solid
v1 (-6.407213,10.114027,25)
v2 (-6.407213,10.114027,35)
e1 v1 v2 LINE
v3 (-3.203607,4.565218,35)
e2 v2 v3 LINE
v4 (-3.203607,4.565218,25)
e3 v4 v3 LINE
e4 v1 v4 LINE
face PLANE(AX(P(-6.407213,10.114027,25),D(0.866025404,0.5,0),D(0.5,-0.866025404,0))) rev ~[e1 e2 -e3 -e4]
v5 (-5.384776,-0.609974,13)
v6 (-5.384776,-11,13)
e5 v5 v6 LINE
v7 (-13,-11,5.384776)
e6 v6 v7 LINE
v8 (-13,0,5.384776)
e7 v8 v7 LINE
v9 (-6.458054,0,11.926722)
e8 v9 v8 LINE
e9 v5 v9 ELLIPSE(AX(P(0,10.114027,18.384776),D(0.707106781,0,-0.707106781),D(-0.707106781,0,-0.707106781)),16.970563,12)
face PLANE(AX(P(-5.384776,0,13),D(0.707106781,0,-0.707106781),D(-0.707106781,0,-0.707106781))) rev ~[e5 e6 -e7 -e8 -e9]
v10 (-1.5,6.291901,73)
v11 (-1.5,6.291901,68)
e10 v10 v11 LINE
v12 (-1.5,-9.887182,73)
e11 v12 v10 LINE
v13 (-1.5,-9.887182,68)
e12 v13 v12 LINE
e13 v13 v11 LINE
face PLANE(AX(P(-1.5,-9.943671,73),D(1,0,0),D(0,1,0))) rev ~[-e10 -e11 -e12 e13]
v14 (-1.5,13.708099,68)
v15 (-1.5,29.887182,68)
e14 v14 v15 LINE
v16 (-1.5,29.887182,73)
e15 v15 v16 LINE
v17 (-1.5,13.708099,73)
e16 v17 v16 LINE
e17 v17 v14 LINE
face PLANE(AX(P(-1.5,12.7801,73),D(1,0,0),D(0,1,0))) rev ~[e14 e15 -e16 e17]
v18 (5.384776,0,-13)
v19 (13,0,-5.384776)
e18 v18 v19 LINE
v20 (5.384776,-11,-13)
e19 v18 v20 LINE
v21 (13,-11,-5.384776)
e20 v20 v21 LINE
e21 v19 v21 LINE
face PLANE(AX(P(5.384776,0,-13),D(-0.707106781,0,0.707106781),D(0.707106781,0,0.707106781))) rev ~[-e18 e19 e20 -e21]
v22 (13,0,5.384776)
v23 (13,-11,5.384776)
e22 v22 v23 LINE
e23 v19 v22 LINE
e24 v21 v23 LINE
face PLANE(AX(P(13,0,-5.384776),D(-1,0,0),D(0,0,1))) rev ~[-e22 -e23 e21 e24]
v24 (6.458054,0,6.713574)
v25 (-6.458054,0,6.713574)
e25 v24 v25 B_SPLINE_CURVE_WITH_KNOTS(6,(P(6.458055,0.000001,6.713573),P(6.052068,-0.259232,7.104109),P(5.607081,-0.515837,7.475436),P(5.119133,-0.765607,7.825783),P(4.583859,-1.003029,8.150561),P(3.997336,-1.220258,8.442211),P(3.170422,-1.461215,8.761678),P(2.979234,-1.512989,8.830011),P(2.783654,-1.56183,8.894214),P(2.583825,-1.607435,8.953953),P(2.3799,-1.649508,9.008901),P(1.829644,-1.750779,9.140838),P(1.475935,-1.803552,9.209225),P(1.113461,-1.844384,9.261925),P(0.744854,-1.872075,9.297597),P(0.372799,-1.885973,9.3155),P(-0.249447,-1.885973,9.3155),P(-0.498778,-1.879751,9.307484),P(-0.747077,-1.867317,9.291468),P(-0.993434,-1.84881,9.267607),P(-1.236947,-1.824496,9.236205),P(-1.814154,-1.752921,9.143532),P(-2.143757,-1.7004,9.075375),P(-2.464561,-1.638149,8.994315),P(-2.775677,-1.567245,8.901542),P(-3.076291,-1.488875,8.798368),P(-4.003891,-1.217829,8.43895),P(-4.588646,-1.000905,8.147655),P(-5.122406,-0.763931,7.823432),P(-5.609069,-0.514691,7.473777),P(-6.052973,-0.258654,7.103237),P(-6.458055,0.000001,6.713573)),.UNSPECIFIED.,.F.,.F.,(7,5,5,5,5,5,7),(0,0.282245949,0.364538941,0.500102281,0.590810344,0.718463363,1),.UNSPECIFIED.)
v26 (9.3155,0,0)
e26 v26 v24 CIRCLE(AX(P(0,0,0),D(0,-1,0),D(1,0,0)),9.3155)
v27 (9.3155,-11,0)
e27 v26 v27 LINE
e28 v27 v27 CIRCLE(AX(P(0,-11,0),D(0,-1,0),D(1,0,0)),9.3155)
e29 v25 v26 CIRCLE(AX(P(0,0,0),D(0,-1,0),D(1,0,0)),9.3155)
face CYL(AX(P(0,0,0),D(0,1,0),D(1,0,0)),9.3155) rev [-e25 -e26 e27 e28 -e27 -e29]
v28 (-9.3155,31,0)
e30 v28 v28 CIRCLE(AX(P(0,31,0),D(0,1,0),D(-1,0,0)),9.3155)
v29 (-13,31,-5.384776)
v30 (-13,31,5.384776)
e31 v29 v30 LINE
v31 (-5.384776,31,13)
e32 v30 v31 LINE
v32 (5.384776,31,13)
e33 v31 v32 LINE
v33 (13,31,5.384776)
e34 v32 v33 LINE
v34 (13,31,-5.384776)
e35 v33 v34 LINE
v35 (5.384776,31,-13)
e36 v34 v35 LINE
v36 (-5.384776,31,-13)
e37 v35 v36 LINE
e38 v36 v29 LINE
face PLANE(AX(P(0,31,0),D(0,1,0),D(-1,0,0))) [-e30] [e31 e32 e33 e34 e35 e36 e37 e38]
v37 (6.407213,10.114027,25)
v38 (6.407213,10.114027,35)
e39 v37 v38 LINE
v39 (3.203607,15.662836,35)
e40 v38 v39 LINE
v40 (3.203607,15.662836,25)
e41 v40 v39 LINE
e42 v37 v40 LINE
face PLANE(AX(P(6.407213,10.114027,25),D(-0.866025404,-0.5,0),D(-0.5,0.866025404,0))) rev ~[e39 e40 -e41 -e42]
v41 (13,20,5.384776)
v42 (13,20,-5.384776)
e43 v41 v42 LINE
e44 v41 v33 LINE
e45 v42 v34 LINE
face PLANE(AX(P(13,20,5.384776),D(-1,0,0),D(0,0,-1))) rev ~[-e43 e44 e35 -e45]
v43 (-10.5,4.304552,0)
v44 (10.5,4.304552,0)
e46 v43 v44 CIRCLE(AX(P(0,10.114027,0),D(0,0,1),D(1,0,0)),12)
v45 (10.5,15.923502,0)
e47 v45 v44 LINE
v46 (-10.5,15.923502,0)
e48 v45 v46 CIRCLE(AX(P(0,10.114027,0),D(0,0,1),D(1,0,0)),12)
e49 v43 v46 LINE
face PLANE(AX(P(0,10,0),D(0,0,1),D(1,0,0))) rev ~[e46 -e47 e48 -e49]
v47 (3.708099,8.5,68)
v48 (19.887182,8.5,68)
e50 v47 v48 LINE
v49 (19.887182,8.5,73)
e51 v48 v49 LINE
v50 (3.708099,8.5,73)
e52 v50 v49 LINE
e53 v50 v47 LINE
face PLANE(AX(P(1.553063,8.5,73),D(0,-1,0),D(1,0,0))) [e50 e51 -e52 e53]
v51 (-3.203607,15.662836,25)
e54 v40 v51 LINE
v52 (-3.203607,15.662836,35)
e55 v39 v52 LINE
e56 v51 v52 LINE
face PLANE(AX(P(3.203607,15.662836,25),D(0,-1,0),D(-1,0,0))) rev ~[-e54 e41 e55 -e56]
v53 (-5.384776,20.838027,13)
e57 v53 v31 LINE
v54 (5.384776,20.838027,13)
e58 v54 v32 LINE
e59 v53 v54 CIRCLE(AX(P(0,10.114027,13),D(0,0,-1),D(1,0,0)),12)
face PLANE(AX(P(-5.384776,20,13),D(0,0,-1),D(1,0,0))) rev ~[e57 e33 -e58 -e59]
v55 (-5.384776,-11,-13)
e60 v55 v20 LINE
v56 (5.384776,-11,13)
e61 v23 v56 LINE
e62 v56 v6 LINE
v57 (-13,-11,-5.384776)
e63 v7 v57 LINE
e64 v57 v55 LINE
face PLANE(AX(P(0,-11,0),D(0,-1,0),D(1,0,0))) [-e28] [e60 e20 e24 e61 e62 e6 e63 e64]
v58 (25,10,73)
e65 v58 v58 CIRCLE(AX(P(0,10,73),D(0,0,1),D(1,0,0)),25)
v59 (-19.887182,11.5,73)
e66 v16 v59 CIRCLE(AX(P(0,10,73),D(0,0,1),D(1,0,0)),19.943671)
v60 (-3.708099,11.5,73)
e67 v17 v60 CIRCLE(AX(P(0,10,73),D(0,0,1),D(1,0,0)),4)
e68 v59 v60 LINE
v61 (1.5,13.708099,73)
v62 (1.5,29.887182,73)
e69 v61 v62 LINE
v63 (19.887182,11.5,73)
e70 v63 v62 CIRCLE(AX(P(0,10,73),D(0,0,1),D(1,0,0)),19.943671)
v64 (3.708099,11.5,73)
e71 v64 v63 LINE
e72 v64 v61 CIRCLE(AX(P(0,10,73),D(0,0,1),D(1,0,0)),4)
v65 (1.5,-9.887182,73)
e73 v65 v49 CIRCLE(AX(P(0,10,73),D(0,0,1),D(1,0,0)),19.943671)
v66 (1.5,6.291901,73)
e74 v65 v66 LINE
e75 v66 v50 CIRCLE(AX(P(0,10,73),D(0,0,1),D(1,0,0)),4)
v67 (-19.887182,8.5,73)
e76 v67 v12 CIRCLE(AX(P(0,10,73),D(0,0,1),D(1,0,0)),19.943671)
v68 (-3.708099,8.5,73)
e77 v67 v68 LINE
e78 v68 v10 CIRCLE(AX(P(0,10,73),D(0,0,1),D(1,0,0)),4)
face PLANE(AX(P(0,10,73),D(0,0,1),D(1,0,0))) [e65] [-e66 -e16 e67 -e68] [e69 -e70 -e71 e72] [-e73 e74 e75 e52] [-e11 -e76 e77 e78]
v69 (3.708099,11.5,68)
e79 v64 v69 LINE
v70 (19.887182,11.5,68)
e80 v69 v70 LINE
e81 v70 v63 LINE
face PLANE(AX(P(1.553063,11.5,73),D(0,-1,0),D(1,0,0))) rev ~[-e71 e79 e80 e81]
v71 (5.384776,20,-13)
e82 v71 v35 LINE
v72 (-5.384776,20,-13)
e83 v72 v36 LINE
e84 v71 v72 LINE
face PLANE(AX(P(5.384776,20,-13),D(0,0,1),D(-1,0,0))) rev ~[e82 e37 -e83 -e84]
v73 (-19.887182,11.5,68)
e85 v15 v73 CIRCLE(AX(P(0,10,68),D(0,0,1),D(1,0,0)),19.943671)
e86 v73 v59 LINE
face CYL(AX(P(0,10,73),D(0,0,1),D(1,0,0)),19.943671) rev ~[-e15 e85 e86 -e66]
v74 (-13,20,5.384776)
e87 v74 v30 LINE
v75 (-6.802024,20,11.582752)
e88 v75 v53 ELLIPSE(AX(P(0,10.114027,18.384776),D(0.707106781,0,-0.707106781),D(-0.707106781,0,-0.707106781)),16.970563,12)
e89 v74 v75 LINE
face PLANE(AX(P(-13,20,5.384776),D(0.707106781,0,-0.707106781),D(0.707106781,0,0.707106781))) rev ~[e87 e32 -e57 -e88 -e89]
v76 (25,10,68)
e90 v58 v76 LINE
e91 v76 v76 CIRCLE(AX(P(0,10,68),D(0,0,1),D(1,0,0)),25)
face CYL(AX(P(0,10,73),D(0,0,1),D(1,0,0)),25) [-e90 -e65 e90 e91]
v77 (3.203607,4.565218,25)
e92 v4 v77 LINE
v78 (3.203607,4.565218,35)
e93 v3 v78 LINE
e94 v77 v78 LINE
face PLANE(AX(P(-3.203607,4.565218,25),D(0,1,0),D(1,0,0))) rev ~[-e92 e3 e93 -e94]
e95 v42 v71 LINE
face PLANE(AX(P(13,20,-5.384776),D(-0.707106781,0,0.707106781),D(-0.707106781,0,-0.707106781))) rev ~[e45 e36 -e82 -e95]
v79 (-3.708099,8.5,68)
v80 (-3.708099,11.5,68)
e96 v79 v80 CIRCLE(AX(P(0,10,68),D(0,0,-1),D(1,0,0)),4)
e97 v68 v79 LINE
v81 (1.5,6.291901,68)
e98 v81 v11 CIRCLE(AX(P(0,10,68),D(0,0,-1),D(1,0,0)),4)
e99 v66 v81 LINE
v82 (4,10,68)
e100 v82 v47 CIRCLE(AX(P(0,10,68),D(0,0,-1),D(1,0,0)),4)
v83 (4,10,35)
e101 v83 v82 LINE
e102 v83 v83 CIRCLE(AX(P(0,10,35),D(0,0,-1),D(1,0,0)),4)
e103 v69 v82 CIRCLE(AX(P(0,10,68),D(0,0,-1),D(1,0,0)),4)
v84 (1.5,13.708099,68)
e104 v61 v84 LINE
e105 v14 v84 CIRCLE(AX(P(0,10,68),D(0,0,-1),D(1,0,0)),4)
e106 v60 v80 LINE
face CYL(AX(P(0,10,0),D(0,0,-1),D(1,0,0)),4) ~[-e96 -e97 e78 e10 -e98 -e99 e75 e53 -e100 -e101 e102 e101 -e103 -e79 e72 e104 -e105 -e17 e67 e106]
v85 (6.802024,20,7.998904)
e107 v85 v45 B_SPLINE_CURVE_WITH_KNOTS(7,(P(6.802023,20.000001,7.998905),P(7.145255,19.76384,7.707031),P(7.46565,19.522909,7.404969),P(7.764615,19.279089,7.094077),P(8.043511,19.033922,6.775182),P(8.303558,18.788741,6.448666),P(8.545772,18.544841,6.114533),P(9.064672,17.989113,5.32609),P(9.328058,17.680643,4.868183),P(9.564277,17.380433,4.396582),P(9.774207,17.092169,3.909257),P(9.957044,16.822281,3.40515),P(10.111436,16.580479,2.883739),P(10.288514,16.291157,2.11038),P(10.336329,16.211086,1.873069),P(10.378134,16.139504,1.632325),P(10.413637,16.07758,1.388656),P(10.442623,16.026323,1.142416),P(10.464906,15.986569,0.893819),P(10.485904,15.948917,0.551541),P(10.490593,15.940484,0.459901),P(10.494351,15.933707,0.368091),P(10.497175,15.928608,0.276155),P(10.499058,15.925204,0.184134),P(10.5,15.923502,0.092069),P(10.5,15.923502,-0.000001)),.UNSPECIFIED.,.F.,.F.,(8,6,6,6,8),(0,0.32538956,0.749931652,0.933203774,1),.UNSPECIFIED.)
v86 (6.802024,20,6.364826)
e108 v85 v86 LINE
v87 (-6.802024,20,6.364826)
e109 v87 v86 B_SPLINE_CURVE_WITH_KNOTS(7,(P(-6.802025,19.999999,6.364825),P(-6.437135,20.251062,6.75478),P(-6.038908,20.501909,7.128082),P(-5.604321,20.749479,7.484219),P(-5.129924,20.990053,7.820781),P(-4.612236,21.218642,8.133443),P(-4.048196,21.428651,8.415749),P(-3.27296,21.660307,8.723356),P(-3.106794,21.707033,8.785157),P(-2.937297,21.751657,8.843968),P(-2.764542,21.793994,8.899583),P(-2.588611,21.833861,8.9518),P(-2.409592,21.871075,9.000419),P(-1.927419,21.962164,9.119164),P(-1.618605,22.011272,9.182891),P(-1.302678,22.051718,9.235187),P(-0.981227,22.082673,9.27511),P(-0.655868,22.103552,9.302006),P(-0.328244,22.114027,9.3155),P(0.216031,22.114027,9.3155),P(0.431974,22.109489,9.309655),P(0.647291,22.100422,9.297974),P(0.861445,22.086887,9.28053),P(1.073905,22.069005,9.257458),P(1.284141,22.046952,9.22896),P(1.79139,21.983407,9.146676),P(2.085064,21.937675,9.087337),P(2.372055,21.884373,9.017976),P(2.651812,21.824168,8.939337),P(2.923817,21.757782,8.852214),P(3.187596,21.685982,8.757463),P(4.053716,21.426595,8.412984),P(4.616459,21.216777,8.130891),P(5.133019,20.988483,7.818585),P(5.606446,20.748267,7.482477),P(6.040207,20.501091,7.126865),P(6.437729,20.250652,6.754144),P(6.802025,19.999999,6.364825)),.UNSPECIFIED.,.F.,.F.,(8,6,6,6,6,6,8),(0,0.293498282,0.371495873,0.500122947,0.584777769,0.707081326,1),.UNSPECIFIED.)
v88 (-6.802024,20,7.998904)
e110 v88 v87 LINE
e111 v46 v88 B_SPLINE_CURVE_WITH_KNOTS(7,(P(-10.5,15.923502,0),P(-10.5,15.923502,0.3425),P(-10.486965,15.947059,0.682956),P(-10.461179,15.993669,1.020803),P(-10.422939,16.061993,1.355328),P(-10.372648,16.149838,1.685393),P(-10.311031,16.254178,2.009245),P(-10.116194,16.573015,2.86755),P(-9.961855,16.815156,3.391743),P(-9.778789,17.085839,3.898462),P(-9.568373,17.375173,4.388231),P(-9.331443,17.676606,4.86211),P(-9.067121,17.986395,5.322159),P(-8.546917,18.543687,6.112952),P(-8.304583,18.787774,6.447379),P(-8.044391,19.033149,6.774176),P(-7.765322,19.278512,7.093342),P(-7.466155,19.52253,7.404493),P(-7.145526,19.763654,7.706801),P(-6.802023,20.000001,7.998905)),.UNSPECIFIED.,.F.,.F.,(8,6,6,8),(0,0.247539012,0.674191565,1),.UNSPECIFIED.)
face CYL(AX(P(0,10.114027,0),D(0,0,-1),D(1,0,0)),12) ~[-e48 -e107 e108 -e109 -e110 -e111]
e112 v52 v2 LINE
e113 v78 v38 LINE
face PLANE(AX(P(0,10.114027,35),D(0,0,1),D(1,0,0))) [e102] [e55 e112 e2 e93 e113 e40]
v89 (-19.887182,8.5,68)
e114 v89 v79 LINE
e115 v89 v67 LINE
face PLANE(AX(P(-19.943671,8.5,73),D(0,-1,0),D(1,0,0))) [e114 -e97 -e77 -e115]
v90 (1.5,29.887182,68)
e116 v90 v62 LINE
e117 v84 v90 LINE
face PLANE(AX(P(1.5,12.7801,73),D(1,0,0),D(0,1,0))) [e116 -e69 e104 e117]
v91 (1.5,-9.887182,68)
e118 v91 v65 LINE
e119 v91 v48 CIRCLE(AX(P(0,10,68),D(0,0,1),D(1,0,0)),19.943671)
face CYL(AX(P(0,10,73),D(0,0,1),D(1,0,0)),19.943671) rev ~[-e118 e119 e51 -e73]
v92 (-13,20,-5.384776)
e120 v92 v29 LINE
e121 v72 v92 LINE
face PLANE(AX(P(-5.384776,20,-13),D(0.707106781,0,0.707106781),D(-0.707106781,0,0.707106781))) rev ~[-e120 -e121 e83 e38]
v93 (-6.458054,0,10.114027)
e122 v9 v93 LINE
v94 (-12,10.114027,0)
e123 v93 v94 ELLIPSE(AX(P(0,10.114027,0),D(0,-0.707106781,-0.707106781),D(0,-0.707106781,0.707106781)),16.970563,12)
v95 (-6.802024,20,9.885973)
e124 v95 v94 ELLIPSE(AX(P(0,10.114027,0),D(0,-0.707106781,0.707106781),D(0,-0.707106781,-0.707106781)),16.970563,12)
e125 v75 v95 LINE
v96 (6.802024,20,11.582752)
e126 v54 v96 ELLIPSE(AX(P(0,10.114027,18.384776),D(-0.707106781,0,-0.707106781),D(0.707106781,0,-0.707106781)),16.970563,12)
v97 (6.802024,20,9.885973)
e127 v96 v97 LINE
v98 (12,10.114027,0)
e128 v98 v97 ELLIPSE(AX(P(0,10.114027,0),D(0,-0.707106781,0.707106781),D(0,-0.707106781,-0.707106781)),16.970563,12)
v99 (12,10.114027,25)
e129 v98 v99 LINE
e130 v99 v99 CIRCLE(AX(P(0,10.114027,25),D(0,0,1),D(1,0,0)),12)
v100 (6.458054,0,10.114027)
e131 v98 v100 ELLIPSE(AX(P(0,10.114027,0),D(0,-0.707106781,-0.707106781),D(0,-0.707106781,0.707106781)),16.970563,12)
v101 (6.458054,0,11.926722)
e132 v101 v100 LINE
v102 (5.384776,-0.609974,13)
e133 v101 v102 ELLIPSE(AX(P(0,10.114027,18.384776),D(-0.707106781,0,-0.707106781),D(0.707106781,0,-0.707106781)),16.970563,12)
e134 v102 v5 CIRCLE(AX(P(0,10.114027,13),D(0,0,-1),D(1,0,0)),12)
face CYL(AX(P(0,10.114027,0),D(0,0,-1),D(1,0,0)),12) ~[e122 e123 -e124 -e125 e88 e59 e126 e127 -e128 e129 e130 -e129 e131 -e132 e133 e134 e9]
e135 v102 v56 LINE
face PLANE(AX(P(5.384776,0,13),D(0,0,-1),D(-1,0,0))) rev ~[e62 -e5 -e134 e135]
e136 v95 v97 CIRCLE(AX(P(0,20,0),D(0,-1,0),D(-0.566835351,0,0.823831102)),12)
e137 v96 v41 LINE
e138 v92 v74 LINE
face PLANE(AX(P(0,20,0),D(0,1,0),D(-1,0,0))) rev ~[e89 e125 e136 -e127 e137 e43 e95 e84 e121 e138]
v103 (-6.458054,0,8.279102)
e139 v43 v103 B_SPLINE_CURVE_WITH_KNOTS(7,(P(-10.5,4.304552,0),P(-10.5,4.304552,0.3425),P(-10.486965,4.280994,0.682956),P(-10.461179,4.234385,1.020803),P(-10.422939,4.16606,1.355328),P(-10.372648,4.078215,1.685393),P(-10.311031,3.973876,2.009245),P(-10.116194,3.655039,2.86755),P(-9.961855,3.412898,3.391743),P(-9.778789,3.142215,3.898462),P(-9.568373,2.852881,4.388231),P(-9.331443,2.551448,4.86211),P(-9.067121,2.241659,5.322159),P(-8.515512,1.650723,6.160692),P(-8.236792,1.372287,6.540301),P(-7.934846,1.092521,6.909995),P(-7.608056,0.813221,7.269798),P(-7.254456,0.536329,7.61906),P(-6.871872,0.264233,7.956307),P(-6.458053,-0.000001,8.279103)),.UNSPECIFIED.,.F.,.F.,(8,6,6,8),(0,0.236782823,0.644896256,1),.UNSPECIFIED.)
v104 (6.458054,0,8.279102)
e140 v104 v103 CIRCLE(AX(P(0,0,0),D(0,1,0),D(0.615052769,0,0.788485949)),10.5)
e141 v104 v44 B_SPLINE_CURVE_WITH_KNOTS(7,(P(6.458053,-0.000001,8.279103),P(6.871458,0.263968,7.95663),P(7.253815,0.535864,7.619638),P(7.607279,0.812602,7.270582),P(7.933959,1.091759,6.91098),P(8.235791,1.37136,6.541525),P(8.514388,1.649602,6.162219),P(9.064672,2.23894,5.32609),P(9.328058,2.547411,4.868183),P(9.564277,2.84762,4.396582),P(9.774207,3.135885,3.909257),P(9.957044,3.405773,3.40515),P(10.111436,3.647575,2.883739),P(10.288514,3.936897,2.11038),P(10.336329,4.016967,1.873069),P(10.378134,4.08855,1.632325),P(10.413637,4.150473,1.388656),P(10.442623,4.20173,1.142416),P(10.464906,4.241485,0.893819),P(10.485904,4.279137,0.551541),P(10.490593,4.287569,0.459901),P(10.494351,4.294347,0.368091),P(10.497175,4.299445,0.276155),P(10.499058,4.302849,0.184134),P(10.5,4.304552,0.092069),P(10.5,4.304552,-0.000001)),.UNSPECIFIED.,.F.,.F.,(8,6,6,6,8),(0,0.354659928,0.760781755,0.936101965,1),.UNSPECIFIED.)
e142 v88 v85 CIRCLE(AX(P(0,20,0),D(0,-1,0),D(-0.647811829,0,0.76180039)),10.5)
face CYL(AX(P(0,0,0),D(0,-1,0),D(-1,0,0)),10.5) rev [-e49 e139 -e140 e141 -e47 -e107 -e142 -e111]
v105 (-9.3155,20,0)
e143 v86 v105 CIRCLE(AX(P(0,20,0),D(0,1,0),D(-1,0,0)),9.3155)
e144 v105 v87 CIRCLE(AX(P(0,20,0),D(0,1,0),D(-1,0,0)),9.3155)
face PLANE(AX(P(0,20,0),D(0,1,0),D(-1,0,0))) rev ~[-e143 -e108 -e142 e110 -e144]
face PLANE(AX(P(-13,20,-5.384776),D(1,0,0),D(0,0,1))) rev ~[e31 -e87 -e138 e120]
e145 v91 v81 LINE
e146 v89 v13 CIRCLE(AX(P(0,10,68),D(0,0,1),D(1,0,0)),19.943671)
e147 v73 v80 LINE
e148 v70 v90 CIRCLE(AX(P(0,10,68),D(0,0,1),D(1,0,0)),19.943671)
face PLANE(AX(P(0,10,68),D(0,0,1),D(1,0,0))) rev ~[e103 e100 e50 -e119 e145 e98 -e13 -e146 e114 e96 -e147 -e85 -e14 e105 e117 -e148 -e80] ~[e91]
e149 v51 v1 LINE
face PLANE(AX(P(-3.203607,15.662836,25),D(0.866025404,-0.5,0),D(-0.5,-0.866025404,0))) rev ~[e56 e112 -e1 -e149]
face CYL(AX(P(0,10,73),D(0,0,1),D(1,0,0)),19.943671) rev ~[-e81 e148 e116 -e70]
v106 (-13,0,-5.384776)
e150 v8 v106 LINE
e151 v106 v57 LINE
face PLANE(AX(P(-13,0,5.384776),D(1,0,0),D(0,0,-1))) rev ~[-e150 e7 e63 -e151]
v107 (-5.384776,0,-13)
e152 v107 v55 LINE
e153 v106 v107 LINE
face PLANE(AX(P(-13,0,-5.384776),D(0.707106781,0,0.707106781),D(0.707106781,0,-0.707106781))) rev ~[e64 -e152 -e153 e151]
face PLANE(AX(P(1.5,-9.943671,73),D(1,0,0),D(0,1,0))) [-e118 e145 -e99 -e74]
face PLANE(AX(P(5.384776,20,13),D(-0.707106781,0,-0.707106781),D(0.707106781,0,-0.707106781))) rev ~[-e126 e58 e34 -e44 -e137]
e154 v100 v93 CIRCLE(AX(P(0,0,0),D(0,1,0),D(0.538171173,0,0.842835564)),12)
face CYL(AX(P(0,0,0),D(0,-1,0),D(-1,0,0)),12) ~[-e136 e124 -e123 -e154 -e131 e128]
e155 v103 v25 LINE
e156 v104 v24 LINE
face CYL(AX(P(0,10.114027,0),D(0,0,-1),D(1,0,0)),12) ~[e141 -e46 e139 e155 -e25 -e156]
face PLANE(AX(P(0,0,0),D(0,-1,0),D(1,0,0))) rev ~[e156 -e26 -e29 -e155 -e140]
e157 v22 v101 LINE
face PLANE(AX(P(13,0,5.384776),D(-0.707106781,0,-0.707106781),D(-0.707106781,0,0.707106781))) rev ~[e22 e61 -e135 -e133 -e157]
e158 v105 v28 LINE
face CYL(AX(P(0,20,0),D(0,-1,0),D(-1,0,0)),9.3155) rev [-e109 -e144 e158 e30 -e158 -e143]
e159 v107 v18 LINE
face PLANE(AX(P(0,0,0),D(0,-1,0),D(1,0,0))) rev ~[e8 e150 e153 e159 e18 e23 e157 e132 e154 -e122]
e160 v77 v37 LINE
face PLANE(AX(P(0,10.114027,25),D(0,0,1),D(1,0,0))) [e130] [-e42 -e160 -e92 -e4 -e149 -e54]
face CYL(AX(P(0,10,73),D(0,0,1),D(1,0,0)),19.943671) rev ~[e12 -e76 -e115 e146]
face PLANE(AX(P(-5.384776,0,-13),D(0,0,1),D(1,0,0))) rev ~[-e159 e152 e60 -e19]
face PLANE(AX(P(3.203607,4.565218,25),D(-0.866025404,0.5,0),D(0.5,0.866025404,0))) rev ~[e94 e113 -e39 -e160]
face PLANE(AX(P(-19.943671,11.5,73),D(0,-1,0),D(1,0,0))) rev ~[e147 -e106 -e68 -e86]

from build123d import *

# Parameters (mm, degrees)
F0_R      = 9.3155
F1_DEPTH  = 11
F2_R      = 12
F2_R_2    = 10.5
F3_DEPTH  = 20
F4_R      = 9.3155
F5_DEPTH  = 11
F6_R      = 12
F7_DEPTH  = 25
F9_DEPTH  = 10
F10_R     = 4
F11_DEPTH = 73
F12_W     = 18.0728212726
F12_H     = 3
F12_W_2   = 18.3906073943
F12_W_3   = 3
F12_H_2   = 17.3976836615
F12_H_3   = 17.163570568
F13_DEPTH = 5
F14_R     = 25
F14_R_2   = 19.9436706752
F15_DEPTH = 5


with BuildPart() as f1:
    # F0 (on Front) → F1 (new body)
    with BuildSketch(Plane.XZ):
        Polygon((13, -5.3847763109), (13, 5.3847763109), (5.3847763109, 13), (-5.3847763109, 13), (-13, 5.3847763109), (-13, -5.3847763109), (-5.3847763109, -13), (5.3847763109, -13), align=None)
        Circle(F0_R, mode=Mode.SUBTRACT)
    extrude(amount=F1_DEPTH)

    # F2 (on face) → F3 (join)
    with BuildSketch(Plane(origin=(0, 0, 0), x_dir=(-1, 0, 0), z_dir=(0, 1, 0))):
        Circle(F2_R)
        Circle(F2_R_2, mode=Mode.SUBTRACT)
    extrude(amount=F3_DEPTH)

    # F4 (on face) → F5 (join)
    with BuildSketch(Plane(origin=(0, 20, 0), x_dir=(-1, 0, 0), z_dir=(0, 1, 0))):
        Polygon((13, -5.3847763109), (13, 5.3847763109), (5.3847763109, 13), (-5.3847763109, 13), (-13, 5.3847763109), (-13, -5.3847763109), (-5.3847763109, -13), (5.3847763109, -13), align=None)
        Circle(F4_R, mode=Mode.SUBTRACT)
    extrude(amount=F5_DEPTH)

    # F6 (on Top) → F7 (join)
    with BuildSketch(Plane.XY):
        with Locations((0, 10.1140267726)):
            Circle(F6_R)
    extrude(amount=F7_DEPTH)

    # F8 (on face) → F9 (join)
    with BuildSketch(Plane.XY.offset(25)):
        Polygon((-3.2036065086, 4.5652175322), (3.2036065086, 4.5652175322), (6.4072130172, 10.1140267726), (3.2036065086, 15.6628360129), (-3.2036065086, 15.6628360129), (-6.4072130172, 10.1140267726), align=None)
    extrude(amount=F9_DEPTH)

    # F10 (on Top) → F11 (join)
    with BuildSketch(Plane.XY):
        with Locations((0, 10)):
            Circle(F10_R)
    extrude(amount=F11_DEPTH)

    # F12 (on face) → F13 (join)
    with BuildSketch(Plane.XY.offset(73)):
        with Locations((-10.9072600389, 10)):
            Rectangle(F12_W, F12_H)
        with Locations((10.748366978, 10)):
            Rectangle(F12_W_2, F12_H)
        with Locations((0, -1.2448288445)):
            Rectangle(F12_W_3, F12_H_2)
        with Locations((0, 21.3618853912)):
            Rectangle(F12_W_3, F12_H_3)
    extrude(amount=-F13_DEPTH)

    # F14 (on face) → F15 (join)
    with BuildSketch(Plane.XY.offset(73)):
        with Locations((0, 10)):
            Circle(F14_R)
        with Locations((0, 10)):
            Circle(F14_R_2, mode=Mode.SUBTRACT)
    extrude(amount=-F15_DEPTH)


solid = f1.part
